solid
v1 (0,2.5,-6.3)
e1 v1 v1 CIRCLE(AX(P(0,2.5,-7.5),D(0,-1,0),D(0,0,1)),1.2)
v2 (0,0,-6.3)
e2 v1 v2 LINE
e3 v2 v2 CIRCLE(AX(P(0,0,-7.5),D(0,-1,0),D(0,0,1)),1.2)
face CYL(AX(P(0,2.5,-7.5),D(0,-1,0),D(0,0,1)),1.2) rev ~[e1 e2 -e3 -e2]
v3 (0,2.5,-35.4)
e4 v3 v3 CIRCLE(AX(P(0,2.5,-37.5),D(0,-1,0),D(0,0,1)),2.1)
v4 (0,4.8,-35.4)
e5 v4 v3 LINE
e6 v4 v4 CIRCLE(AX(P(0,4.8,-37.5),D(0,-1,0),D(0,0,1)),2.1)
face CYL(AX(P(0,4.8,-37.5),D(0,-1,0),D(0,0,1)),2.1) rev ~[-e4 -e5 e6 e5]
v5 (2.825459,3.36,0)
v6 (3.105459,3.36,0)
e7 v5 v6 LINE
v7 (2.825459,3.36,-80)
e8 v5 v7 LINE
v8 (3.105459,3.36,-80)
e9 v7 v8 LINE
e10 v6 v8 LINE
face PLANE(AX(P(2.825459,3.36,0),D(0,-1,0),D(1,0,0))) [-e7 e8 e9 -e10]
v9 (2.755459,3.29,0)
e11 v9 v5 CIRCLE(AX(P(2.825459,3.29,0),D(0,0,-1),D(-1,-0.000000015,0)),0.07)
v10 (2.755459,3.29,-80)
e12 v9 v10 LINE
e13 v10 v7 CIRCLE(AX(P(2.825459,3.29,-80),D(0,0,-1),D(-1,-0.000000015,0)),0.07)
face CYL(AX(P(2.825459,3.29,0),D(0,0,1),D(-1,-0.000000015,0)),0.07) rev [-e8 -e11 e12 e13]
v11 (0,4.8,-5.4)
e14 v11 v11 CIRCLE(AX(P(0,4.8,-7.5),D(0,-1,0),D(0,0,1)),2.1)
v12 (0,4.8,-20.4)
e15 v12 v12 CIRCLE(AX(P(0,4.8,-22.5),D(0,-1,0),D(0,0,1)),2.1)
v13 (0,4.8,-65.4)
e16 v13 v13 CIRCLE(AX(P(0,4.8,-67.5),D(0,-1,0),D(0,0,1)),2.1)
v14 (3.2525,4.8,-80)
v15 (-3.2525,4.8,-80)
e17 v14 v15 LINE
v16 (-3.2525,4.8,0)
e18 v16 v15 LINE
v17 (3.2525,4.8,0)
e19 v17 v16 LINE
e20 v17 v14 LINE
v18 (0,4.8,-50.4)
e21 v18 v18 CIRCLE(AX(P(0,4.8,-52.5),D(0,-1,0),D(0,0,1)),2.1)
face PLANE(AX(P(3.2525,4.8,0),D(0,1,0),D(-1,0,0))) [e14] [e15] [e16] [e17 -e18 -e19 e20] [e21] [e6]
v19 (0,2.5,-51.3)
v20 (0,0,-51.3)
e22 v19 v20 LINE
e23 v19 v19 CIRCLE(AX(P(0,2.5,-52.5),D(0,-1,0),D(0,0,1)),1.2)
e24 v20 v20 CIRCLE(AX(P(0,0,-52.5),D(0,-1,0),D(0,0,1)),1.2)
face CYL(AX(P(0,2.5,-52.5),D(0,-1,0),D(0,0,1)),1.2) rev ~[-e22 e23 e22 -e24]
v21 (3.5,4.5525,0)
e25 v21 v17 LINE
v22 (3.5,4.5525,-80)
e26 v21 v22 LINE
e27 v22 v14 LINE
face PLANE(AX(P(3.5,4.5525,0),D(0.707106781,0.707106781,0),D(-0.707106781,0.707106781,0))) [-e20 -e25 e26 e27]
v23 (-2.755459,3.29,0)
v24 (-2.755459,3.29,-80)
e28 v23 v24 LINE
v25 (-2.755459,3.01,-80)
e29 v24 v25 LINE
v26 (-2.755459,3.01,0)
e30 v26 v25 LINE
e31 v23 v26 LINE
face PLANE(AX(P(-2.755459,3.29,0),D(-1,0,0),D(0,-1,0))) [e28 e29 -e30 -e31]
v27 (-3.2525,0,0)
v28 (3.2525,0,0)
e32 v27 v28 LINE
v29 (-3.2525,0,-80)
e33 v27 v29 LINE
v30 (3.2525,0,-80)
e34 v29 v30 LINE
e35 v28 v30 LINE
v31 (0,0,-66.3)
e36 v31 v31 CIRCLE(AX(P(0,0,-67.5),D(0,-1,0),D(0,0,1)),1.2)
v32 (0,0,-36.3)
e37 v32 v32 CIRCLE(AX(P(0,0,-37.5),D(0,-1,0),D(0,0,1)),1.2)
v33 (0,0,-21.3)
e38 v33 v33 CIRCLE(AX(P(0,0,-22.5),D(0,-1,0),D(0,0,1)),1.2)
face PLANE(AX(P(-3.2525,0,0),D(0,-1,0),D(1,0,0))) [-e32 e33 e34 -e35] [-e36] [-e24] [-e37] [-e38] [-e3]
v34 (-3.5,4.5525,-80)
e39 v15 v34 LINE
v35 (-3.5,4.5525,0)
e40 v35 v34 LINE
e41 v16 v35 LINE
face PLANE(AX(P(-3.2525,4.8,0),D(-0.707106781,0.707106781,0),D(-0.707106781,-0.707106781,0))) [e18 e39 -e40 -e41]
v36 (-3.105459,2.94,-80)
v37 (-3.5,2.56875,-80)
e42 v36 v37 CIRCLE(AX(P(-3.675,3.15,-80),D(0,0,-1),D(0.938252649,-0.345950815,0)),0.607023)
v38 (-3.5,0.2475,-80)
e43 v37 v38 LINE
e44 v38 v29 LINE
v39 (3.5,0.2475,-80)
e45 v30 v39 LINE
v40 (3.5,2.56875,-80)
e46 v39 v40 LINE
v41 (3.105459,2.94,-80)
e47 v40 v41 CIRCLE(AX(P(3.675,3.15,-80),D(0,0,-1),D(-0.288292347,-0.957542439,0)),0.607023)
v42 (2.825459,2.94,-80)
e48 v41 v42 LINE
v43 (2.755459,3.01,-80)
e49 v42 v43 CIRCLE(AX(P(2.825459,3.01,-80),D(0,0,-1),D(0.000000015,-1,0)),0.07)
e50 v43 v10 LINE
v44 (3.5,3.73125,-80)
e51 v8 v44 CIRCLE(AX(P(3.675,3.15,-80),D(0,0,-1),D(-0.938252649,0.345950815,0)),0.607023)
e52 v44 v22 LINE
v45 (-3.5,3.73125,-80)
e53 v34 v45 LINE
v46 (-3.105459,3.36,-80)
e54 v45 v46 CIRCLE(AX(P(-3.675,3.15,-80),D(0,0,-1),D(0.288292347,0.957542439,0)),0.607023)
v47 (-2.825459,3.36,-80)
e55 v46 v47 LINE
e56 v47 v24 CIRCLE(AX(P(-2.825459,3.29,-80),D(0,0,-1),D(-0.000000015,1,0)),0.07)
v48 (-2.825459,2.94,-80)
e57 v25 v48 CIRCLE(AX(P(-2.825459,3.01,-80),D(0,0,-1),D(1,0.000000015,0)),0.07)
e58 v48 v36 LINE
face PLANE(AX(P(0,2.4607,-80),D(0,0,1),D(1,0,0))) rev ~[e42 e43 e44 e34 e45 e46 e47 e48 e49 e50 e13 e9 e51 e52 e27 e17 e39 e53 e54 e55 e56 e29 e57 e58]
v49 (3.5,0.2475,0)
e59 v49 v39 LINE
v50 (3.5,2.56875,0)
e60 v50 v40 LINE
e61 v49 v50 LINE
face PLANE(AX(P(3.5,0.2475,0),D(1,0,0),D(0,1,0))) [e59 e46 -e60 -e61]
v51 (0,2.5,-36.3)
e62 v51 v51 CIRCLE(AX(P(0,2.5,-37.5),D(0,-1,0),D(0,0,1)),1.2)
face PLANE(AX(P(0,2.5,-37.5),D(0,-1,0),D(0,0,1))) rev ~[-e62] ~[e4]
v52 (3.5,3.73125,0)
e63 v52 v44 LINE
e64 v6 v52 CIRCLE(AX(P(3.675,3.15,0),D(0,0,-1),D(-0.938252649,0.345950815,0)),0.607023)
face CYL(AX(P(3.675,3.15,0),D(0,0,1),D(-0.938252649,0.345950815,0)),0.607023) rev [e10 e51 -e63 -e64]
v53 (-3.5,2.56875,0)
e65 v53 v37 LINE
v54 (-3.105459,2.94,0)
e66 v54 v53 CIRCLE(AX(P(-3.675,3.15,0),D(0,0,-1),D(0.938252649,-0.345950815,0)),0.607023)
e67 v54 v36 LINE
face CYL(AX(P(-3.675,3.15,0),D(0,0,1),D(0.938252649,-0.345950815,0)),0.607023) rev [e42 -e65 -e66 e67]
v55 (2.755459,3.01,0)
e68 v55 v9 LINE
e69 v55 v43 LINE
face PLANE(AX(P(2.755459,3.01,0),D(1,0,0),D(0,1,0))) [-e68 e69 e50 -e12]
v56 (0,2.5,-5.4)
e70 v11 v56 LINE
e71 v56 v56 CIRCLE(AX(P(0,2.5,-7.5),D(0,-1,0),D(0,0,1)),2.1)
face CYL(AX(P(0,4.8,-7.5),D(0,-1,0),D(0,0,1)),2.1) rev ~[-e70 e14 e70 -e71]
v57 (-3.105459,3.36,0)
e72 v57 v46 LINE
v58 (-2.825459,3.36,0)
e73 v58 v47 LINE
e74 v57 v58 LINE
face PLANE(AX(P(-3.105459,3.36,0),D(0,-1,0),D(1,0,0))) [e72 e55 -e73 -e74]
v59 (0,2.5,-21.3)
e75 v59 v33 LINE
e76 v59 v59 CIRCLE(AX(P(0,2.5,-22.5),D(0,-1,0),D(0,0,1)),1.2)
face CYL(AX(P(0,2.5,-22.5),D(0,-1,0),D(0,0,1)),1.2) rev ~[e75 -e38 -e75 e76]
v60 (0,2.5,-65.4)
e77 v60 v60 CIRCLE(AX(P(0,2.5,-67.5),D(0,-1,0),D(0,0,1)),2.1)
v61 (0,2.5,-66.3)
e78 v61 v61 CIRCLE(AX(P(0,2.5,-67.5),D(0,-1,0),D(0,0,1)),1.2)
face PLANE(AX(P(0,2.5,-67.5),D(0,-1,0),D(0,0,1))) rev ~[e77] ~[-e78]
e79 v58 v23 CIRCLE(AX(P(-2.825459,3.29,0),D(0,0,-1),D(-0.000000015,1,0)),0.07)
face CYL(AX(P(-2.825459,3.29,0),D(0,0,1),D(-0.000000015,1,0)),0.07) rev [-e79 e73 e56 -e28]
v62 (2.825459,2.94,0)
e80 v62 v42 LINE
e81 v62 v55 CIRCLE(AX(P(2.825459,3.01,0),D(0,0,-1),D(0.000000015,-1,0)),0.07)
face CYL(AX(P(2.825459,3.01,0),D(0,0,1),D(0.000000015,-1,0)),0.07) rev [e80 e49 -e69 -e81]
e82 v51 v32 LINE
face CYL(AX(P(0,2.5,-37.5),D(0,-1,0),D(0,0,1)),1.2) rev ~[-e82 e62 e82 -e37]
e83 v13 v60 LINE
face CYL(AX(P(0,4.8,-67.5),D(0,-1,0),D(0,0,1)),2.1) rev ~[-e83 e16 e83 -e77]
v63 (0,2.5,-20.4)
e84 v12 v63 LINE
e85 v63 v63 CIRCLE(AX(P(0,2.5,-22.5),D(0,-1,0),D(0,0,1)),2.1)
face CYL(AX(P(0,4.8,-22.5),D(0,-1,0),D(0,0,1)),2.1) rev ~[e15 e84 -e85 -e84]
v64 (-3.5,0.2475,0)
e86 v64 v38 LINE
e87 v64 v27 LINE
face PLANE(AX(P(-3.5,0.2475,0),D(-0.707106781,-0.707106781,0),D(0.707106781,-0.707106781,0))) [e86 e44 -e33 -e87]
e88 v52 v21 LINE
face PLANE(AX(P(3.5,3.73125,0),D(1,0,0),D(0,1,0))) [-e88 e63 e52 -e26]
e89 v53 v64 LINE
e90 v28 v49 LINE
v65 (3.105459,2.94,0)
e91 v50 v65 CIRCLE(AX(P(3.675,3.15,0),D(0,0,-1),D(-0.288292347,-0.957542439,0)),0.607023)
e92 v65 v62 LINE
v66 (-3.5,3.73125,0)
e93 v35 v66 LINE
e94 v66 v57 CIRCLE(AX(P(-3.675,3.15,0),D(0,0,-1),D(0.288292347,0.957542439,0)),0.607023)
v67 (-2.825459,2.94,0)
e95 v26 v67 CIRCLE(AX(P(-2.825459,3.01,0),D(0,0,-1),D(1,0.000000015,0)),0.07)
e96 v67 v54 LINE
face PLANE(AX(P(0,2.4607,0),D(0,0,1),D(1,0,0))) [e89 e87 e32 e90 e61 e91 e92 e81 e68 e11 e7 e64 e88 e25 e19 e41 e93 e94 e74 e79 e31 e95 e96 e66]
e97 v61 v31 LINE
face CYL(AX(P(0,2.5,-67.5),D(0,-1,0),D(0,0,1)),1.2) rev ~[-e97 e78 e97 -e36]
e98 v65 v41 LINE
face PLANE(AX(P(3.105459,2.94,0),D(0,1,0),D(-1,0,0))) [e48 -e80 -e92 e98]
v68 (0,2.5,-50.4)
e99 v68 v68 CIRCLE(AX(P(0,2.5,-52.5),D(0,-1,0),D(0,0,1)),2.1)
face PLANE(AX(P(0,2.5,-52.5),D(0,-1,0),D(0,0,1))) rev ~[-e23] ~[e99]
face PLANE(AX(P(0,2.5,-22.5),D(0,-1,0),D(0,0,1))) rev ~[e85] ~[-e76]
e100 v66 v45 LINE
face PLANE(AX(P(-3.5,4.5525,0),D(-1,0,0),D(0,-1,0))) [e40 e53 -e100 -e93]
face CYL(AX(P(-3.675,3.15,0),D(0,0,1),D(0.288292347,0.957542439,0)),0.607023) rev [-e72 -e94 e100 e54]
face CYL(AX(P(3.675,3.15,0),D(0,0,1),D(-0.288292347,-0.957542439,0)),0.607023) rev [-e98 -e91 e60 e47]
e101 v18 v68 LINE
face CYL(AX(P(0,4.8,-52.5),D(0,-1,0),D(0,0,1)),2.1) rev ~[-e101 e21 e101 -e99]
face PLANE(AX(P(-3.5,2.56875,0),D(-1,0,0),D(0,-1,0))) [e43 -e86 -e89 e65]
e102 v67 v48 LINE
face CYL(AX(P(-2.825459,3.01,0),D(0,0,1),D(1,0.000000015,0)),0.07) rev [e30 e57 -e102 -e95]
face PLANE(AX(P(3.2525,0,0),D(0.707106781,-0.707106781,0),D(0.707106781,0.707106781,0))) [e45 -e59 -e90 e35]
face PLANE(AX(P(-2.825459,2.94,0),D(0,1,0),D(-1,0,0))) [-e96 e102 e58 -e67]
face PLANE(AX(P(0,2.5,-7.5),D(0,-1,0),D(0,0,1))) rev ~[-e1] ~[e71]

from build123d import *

# Parameters (mm, degrees)
EXTRUDE_1_DEPTH        = 80
PATTERN_LINEAR_1_COUNT = 5
PATTERN_LINEAR_1_PITCH = 15


with BuildPart() as part:
    # 草图2 → 凸台-拉伸1 (new body)
    with BuildSketch(Plane.XY):
        with BuildLine():
            Line((3.2525, 4.8), (-3.2525, 4.8))
            Line((-3.2525, 4.8), (-3.5, 4.5525))
            Line((-3.5, 4.5525), (-3.5, 3.73125))
            ThreePointArc((-3.5, 3.73125), (-3.259017021, 3.592079997), (-3.105459341, 3.36))
            Line((-3.105459341, 3.36), (-2.825459341, 3.36))
            ThreePointArc((-2.825459341, 3.36), (-2.775961866, 3.339497475), (-2.755459341, 3.29))
            Line((-2.755459341, 3.29), (-2.755459341, 3.01))
            ThreePointArc((-2.755459341, 3.01), (-2.775961866, 2.960502525), (-2.825459341, 2.94))
            Line((-2.825459341, 2.94), (-3.105459341, 2.94))
            ThreePointArc((-3.105459341, 2.94), (-3.259017021, 2.707920003), (-3.5, 2.56875))
            Line((-3.5, 2.56875), (-3.5, 0.2475))
            Line((-3.5, 0.2475), (-3.2525, 0))
            Line((-3.2525, 0), (3.2525, 0))
            Line((3.2525, 0), (3.5, 0.2475))
            Line((3.5, 0.2475), (3.5, 2.56875))
            ThreePointArc((3.5, 2.56875), (3.259017021, 2.707920003), (3.105459341, 2.94))
            Line((3.105459341, 2.94), (2.825459341, 2.94))
            ThreePointArc((2.825459341, 2.94), (2.775961866, 2.960502525), (2.755459341, 3.01))
            Line((2.755459341, 3.01), (2.755459341, 3.29))
            ThreePointArc((2.755459341, 3.29), (2.775961866, 3.339497475), (2.825459341, 3.36))
            Line((2.825459341, 3.36), (3.105459341, 3.36))
            ThreePointArc((3.105459341, 3.36), (3.259017021, 3.592079997), (3.5, 3.73125))
            Line((3.5, 3.73125), (3.5, 4.5525))
            Line((3.5, 4.5525), (3.2525, 4.8))
        make_face()
    extrude(amount=-EXTRUDE_1_DEPTH)

    # 草图3 → 切除-旋转1 (revolve, cut)
    with BuildSketch(Plane(origin=(0, 0, 0), x_dir=(0, 0, -1), z_dir=(1, 0, 0))):
        Polygon((5.4, 4.8), (5.4, 2.5), (6.3, 2.5), (6.3, 0), (7.5, 0), (7.5, 4.8), align=None)
    cut_revolve_1 = revolve(axis=Axis((0, 4.8, -7.5), (0, -1, 0)), mode=Mode.SUBTRACT)

    # 阵列(线性)1: 切除-旋转1 ×5
    with Locations(*[(0, 0, -i * PATTERN_LINEAR_1_PITCH) for i in range(1, PATTERN_LINEAR_1_COUNT)]):
        add(cut_revolve_1, mode=Mode.SUBTRACT)


solid = part.part
